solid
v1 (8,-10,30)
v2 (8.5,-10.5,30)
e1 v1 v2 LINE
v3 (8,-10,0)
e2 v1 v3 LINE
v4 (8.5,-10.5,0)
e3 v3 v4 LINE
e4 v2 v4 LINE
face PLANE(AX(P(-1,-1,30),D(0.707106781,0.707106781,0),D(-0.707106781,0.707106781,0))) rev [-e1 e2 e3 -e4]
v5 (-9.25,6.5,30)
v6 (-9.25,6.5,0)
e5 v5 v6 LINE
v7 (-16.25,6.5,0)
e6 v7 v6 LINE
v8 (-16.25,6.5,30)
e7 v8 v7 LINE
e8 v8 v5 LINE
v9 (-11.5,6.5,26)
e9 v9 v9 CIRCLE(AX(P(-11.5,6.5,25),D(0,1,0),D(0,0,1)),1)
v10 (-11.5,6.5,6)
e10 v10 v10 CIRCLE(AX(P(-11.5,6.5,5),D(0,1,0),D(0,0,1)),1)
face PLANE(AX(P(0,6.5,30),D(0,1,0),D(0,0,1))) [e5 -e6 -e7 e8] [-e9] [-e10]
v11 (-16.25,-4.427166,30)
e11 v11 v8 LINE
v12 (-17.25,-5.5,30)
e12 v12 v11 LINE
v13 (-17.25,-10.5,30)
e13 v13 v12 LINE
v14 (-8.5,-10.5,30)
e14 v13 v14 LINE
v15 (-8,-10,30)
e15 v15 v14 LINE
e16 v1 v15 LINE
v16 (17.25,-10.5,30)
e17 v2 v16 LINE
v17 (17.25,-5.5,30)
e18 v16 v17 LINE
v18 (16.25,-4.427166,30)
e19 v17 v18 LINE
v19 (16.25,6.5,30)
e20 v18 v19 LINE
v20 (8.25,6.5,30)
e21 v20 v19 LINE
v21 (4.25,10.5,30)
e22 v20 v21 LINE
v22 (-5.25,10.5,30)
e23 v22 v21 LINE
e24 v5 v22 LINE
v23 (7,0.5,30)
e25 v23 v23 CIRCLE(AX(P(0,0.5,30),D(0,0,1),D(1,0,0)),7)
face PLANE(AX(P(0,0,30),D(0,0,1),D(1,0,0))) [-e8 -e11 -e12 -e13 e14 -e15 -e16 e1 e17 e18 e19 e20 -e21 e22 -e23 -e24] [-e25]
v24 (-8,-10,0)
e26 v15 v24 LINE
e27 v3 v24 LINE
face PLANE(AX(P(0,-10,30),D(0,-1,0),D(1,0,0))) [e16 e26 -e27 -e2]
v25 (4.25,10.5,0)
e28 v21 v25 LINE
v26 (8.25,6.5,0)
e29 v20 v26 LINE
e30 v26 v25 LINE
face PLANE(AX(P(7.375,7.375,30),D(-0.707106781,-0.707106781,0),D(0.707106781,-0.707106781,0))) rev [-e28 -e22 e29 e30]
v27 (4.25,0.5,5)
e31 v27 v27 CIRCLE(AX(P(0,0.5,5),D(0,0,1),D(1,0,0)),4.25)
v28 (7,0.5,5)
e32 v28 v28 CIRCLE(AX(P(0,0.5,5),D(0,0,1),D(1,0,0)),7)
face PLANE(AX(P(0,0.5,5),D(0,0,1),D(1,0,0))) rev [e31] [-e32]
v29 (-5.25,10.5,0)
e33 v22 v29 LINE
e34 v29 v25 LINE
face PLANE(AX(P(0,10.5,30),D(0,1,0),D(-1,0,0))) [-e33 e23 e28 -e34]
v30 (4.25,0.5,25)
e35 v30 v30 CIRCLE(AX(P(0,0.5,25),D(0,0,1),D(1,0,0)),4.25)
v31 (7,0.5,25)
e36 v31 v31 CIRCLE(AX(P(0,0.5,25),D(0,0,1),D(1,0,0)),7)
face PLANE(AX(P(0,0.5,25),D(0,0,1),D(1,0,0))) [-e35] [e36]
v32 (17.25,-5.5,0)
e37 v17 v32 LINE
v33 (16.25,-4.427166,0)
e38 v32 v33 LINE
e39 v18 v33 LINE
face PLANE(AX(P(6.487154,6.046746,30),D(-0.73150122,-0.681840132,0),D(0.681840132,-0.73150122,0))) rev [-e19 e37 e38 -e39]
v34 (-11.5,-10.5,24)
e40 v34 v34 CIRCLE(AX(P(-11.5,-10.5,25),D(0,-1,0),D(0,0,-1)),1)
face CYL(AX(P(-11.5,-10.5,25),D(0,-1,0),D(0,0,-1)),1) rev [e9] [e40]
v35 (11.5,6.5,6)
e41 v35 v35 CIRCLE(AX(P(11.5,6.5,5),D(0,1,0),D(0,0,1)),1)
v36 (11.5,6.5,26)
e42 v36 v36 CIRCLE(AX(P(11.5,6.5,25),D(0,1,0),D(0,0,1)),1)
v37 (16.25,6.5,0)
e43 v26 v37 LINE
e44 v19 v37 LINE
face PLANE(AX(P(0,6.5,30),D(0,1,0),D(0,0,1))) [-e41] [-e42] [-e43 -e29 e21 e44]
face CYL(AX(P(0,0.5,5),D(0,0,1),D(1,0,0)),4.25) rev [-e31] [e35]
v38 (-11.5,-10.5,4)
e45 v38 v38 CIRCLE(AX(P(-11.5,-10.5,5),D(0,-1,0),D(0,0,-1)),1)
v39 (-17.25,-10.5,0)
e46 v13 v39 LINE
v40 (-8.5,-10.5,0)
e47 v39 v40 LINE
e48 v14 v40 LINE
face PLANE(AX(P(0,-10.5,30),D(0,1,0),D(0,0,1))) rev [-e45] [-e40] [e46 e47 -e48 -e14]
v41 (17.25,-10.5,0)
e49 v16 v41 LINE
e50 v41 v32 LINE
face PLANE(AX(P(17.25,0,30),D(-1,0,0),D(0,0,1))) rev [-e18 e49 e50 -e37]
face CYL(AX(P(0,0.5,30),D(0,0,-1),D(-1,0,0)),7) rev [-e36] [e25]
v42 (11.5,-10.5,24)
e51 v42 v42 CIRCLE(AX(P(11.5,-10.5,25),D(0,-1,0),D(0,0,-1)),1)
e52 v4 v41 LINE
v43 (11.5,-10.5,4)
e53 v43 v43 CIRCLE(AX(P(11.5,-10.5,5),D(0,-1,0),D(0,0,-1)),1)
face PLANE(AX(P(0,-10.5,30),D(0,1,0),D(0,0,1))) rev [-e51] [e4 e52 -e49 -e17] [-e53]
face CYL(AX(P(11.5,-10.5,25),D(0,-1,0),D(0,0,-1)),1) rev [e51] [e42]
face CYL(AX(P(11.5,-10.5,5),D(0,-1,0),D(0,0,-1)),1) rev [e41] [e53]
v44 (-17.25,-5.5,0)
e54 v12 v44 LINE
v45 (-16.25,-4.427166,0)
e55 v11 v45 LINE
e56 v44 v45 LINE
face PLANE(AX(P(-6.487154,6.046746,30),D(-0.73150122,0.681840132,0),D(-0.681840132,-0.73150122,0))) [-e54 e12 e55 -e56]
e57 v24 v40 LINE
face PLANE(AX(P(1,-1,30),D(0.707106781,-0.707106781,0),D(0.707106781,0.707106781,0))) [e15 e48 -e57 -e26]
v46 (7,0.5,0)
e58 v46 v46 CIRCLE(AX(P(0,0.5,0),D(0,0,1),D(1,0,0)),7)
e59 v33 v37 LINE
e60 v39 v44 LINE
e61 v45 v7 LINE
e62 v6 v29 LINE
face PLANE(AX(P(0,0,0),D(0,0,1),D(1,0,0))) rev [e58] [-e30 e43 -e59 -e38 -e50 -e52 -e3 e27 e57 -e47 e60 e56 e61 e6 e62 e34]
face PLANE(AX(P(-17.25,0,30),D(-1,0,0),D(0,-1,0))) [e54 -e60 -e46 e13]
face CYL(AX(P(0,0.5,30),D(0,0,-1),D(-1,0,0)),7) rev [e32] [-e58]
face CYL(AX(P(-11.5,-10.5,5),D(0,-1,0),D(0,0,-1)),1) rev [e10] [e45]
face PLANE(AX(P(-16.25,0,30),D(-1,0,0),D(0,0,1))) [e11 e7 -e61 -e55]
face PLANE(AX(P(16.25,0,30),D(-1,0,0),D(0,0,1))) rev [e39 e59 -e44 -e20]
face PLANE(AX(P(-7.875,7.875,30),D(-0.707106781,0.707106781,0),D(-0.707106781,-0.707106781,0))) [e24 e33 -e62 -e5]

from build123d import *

# Parameters (mm, degrees)
SKETCH1_R             = 7
BOSS_EXTRUDE1_DEPTH   = 30
BOSS_EXTRUDE2_START   = -25
SKETCH3_R             = 7
SKETCH3_R_2           = 4.25
BOSS_EXTRUDE2_DEPTH   = 20
F_2_0MM_DOWEL_HOLE1_D = 2


with BuildPart() as part:
    # Sketch1 → Boss-Extrude1 (new body)
    # profile 1 of 2: a face of its own
    with BuildSketch(Plane.XY):
        Polygon((-16.25, 6.5), (16.25, 6.5), (16.25, -4.427166083), (17.25, -5.5), (17.25, -10.5), (8.5, -10.5), (8, -10), (-8, -10), (-8.5, -10.5), (-9, -10.5), (-17.25, -10.5), (-17.25, -5.5), (-16.25, -4.427166083), align=None)
        with Locations((0, 0.5)):
            Circle(SKETCH1_R, mode=Mode.SUBTRACT)
    # profile 2 of 2: a face of its own
    with BuildSketch(Plane.XY):
        with BuildLine():
            Line((3.605551275, 6.5), (8.25, 6.5))
            Line((8.25, 6.5), (4.25, 10.5))
            Line((4.25, 10.5), (-5.25, 10.5))
            Line((-5.25, 10.5), (-9.25, 6.5))
            Line((-9.25, 6.5), (-3.605551275, 6.5))
            ThreePointArc((-3.605551275, 6.5), (0, 7.5), (3.605551275, 6.5))
        make_face()
    extrude(amount=BOSS_EXTRUDE1_DEPTH)

    # Sketch3 → Boss-Extrude2 (add)
    with BuildSketch(Plane.XY.offset(30).offset(BOSS_EXTRUDE2_START)):
        with Locations((0, 0.5)):
            Circle(SKETCH3_R)
        with Locations((0, 0.5)):
            Circle(SKETCH3_R_2, mode=Mode.SUBTRACT)
    extrude(amount=BOSS_EXTRUDE2_DEPTH)

    # Ø2.0mm Dowel Hole1 (through all)
    with Locations(Plane(origin=(0, -10.5, 0), x_dir=(-1, 0, 0), z_dir=(0, -1, 0))):
        with Locations((11.5, -25), (11.5, -5), (-11.5, -5), (-11.5, -25)):
            Hole(F_2_0MM_DOWEL_HOLE1_D / 2)


solid = part.part
